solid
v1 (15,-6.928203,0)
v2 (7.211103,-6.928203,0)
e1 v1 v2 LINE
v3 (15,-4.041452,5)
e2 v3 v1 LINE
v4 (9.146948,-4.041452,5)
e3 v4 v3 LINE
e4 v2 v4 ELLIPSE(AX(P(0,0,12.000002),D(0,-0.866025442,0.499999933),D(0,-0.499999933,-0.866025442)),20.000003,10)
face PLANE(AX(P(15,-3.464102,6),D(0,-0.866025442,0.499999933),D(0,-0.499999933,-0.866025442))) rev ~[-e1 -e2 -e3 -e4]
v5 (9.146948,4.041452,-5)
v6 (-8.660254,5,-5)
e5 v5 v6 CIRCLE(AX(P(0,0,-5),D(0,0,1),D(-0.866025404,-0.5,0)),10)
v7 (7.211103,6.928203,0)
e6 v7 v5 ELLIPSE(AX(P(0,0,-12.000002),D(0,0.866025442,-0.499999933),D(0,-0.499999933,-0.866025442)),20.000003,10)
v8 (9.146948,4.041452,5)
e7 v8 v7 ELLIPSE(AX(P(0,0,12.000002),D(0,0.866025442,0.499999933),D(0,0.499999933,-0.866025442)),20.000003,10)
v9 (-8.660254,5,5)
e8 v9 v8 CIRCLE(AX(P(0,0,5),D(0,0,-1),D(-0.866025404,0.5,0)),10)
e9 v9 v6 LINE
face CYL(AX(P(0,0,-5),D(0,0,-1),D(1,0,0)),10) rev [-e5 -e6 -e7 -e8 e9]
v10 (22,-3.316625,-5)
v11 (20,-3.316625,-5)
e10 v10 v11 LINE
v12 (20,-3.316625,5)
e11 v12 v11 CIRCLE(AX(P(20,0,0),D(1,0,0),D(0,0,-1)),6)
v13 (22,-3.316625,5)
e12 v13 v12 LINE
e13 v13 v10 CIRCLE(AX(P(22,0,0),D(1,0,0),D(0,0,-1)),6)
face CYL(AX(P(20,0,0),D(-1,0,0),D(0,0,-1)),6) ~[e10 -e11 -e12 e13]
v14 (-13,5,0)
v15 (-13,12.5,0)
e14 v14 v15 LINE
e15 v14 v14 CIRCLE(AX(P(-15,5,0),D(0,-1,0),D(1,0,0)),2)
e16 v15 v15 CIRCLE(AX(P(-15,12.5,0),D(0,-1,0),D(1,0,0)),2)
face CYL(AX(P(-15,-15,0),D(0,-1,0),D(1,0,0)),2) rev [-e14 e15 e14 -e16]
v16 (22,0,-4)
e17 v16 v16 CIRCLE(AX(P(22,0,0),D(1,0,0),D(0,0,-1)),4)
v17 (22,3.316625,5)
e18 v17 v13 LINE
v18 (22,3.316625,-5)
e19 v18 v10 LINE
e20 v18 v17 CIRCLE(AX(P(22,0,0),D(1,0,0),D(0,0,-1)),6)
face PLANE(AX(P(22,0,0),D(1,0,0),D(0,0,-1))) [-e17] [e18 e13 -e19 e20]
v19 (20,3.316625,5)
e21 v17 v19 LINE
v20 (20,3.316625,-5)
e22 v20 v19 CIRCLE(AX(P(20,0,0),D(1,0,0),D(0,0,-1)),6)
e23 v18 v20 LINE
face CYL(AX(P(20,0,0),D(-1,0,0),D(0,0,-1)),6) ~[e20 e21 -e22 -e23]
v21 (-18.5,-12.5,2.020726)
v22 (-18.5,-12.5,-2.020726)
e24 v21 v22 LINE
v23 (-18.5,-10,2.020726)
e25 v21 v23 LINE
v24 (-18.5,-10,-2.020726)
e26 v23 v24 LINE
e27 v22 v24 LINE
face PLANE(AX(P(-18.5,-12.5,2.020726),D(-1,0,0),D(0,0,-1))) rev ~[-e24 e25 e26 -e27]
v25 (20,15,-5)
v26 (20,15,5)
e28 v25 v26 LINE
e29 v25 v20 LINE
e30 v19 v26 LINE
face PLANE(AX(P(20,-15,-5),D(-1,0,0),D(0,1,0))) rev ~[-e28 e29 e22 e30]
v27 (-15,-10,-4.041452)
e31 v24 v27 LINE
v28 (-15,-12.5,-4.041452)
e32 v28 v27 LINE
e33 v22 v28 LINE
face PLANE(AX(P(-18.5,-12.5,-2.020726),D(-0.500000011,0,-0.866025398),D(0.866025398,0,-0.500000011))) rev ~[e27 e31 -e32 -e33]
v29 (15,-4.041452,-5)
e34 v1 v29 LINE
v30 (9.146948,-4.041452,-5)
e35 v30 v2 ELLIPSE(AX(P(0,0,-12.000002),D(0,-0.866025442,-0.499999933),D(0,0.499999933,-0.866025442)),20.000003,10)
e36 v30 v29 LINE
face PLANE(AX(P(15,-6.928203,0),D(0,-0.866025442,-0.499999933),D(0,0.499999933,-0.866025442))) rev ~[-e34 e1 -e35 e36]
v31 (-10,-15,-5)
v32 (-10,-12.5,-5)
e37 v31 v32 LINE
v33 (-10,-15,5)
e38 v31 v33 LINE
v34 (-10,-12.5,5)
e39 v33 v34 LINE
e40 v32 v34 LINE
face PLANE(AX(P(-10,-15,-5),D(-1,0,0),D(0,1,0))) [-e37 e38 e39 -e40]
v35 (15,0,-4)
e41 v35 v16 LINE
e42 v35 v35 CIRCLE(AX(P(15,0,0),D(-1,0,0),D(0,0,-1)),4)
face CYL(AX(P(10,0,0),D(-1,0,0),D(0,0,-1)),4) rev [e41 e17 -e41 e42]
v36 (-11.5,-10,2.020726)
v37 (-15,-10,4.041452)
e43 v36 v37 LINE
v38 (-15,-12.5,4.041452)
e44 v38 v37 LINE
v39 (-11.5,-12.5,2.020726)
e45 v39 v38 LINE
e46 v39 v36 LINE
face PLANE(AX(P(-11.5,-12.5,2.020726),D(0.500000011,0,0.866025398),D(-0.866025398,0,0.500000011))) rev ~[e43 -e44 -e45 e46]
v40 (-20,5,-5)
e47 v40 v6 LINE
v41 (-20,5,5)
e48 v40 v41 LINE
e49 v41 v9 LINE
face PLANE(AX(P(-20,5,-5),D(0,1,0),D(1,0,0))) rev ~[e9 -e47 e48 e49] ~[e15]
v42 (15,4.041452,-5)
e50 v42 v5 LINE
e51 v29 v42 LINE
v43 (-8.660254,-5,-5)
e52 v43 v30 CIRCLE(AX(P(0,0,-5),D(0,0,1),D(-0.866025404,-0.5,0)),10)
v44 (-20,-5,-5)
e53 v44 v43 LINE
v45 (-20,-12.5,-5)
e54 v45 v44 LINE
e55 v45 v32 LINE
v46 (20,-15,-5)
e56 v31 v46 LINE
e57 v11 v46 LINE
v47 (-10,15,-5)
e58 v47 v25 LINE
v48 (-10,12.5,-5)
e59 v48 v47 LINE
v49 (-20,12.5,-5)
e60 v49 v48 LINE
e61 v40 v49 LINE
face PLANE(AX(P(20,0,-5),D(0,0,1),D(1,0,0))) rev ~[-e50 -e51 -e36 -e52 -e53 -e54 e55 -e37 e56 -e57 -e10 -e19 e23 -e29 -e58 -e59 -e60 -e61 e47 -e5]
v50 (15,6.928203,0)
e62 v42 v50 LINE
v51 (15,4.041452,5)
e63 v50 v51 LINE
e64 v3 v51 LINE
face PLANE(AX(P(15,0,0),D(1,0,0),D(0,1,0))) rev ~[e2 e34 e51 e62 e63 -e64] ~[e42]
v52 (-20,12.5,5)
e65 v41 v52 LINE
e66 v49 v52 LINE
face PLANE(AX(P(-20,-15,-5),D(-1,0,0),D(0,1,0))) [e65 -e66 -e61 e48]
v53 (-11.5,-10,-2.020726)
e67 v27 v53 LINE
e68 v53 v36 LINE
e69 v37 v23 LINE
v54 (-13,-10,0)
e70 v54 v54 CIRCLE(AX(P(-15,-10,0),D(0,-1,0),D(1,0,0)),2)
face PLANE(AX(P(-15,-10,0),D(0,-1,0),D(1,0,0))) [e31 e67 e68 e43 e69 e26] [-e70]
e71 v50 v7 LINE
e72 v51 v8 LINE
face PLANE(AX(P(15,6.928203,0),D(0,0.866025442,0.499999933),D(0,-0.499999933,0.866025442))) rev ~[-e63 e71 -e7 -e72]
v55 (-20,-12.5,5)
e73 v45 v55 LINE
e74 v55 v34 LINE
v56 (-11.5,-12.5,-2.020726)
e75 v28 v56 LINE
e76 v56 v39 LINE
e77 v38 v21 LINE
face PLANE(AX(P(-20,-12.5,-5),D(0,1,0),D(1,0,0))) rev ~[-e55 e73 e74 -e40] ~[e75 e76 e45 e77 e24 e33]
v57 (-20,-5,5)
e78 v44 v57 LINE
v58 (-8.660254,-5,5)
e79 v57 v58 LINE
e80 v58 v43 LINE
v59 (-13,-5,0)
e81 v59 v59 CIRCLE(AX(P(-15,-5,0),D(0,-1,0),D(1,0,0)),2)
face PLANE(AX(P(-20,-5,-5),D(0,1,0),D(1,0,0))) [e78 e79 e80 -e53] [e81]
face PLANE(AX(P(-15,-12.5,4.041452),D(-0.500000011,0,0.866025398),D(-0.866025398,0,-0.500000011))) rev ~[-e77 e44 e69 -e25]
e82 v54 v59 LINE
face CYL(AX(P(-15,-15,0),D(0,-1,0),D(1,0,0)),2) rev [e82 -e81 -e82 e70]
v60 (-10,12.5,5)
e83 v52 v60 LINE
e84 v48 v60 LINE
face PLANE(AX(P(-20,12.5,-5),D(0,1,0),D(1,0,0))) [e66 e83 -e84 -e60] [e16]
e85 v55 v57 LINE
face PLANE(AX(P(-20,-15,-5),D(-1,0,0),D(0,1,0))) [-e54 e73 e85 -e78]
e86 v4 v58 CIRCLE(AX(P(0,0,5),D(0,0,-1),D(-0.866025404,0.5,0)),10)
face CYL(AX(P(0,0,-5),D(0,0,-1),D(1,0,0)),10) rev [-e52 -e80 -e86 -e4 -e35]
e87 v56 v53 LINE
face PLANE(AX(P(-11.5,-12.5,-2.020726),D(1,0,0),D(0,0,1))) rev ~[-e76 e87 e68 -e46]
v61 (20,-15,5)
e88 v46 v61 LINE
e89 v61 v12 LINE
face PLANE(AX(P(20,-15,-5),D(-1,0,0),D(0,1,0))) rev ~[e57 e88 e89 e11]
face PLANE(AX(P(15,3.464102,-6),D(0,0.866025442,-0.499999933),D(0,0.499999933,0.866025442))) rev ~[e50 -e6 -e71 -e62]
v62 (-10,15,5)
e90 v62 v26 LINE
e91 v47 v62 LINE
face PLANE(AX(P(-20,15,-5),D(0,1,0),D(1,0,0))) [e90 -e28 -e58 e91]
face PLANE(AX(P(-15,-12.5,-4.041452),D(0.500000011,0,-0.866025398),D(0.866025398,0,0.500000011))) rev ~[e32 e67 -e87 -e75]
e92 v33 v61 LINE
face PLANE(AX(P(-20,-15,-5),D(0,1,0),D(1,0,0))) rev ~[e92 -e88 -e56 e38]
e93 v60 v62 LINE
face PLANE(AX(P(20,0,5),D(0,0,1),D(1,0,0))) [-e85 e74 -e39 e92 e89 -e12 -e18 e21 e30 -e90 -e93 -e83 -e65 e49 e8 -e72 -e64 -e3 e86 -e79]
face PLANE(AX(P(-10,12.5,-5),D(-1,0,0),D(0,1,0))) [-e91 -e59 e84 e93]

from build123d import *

# Parameters (mm, degrees)
CYLINDER_R              = 10
CYLINDER_DEPTH          = 10
CYLINDER001_R           = 2
CYLINDER001_DEPTH       = 30
CYLINDER001_ROLL_ANGLE  = -90
PAD001_DEPTH            = 10
CYLINDER002_R           = 4
CYLINDER002_DEPTH       = 12
CYLINDER002_PITCH_ANGLE = 90
BOX002_W                = 10
BOX002_H                = 2.5
BOX002_DEPTH            = 10
BOX003_W                = 10
BOX003_H                = 2.5
BOX003_DEPTH            = 10
PAD_DEPTH               = 2.5
BOX004_W                = 10
BOX004_H                = 10
BOX004_DEPTH            = 5
BOX005_W                = 10
BOX005_H                = 10
BOX005_DEPTH            = 5
BOX001_W                = 15
BOX001_H                = 10
BOX001_DEPTH            = 10
CYLINDER003_R           = 6
CYLINDER003_DEPTH       = 2
CYLINDER003_PITCH_ANGLE = 90
BOX_W                   = 40
BOX_H                   = 30
BOX_DEPTH               = 10


with BuildPart() as cylinder:
    # Cylinder → Cylinder (new body)
    with BuildSketch(Plane.XY.offset(-5)):
        Circle(CYLINDER_R)
    extrude(amount=CYLINDER_DEPTH)


with BuildPart() as cylinder001:
    # Cylinder001 → Cylinder001 (new body)
    with BuildSketch(Plane.XY):
        Circle(CYLINDER001_R)
    extrude(amount=CYLINDER001_DEPTH)


with BuildPart() as cylinder001_1:
    # Cylinder001 roll: moved
    add(cylinder001.part.rotate(Axis((0, 0, 0), (1, 0, 0)), CYLINDER001_ROLL_ANGLE))


with BuildPart() as cylinder001_2:
    # Cylinder001 placement: moved
    add(cylinder001_1.part.moved(Location((-15, -15, 0))))


with BuildPart() as other_nut:
    # Sketch001 → Pad001 (new body)
    with BuildSketch(Plane.YZ):
        Polygon((3.464102, 6), (-3.464102, 6), (-6.928203, 0), (-3.464102, -6), (3.464102, -6), (6.928203, 0), align=None)
    extrude(amount=-PAD001_DEPTH)


with BuildPart() as other_nut_1:
    # Body001 placement: moved
    add(other_nut.part.moved(Location((15, 0, 0))))


with BuildPart() as other_screw:
    # Cylinder002 → Cylinder002 (new body)
    with BuildSketch(Plane.XY):
        Circle(CYLINDER002_R)
    extrude(amount=CYLINDER002_DEPTH)


with BuildPart() as other_screw_1:
    # Cylinder002 pitch: moved
    add(other_screw.part.rotate(Axis((0, 0, 0), (0, 1, 0)), CYLINDER002_PITCH_ANGLE))


with BuildPart() as other_screw_2:
    # Cylinder002 placement: moved
    add(other_screw_1.part.moved(Location((10, 0, 0))))


with BuildPart() as cube002:
    # Box002 → Box002 (new body)
    with BuildSketch(Plane(origin=(-20, 12.5, -5), x_dir=(1, 0, 0), z_dir=(0, 0, 1))):
        with Locations((5, 1.25)):
            Rectangle(BOX002_W, BOX002_H)
    extrude(amount=BOX002_DEPTH)


with BuildPart() as cube003:
    # Box003 → Box003 (new body)
    with BuildSketch(Plane(origin=(-20, -15, -5), x_dir=(1, 0, 0), z_dir=(0, 0, 1))):
        with Locations((5, 1.25)):
            Rectangle(BOX003_W, BOX003_H)
    extrude(amount=BOX003_DEPTH)


with BuildPart() as body:
    # Sketch → Pad (new body)
    with BuildSketch(Plane.XZ):
        Polygon((0, -4.041452), (3.5, -2.020726), (3.5, 2.020726), (0, 4.041452), (-3.5, 2.020726), (-3.5, -2.020726), align=None)
    extrude(amount=-PAD_DEPTH)


with BuildPart() as body_1:
    # Body placement: moved
    add(body.part.moved(Location((-15, -12.5, 0))))


with BuildPart() as cube004:
    # Box004 → Box004 (new body)
    with BuildSketch(Plane(origin=(15, -5, -10), x_dir=(1, 0, 0), z_dir=(0, 0, 1))):
        with Locations((5, 5)):
            Rectangle(BOX004_W, BOX004_H)
    extrude(amount=BOX004_DEPTH)


with BuildPart() as cube005:
    # Box005 → Box005 (new body)
    with BuildSketch(Plane(origin=(15, -5, 5), x_dir=(1, 0, 0), z_dir=(0, 0, 1))):
        with Locations((5, 5)):
            Rectangle(BOX005_W, BOX005_H)
    extrude(amount=BOX005_DEPTH)


with BuildPart() as negative_fusion:
    # Box001 → Box001 (new body)
    with BuildSketch(Plane(origin=(-20, -5, -5), x_dir=(1, 0, 0), z_dir=(0, 0, 1))):
        with Locations((7.5, 5)):
            Rectangle(BOX001_W, BOX001_H)
    extrude(amount=BOX001_DEPTH)

    # Fusion: union Cylinder, Cylinder001, Other Nut, Other Screw, Cube002, Cube003, Body, Cube004, Cube005
    add(cylinder.part)
    add(cylinder001_2.part)
    add(other_nut_1.part)
    add(other_screw_2.part)
    add(cube002.part)
    add(cube003.part)
    add(body_1.part)
    add(cube004.part)
    add(cube005.part)


with BuildPart() as cylinder002:
    # Cylinder003 → Cylinder003 (new body)
    with BuildSketch(Plane.XY):
        Circle(CYLINDER003_R)
    extrude(amount=CYLINDER003_DEPTH)


with BuildPart() as cylinder002_1:
    # Cylinder003 pitch: moved
    add(cylinder002.part.rotate(Axis((0, 0, 0), (0, 1, 0)), CYLINDER003_PITCH_ANGLE))


with BuildPart() as cylinder002_2:
    # Cylinder003 placement: moved
    add(cylinder002_1.part.moved(Location((20, 0, 0))))


with BuildPart() as cut:
    # Box → Box (new body)
    with BuildSketch(Plane(origin=(-20, -15, -5), x_dir=(1, 0, 0), z_dir=(0, 0, 1))):
        with Locations((20, 15)):
            Rectangle(BOX_W, BOX_H)
    extrude(amount=BOX_DEPTH)

    # Fusion001: union Cylinder002
    add(cylinder002_2.part)

    # Cut: cut Negative Fusion
    add(negative_fusion.part, mode=Mode.SUBTRACT)


solid = cut.part
